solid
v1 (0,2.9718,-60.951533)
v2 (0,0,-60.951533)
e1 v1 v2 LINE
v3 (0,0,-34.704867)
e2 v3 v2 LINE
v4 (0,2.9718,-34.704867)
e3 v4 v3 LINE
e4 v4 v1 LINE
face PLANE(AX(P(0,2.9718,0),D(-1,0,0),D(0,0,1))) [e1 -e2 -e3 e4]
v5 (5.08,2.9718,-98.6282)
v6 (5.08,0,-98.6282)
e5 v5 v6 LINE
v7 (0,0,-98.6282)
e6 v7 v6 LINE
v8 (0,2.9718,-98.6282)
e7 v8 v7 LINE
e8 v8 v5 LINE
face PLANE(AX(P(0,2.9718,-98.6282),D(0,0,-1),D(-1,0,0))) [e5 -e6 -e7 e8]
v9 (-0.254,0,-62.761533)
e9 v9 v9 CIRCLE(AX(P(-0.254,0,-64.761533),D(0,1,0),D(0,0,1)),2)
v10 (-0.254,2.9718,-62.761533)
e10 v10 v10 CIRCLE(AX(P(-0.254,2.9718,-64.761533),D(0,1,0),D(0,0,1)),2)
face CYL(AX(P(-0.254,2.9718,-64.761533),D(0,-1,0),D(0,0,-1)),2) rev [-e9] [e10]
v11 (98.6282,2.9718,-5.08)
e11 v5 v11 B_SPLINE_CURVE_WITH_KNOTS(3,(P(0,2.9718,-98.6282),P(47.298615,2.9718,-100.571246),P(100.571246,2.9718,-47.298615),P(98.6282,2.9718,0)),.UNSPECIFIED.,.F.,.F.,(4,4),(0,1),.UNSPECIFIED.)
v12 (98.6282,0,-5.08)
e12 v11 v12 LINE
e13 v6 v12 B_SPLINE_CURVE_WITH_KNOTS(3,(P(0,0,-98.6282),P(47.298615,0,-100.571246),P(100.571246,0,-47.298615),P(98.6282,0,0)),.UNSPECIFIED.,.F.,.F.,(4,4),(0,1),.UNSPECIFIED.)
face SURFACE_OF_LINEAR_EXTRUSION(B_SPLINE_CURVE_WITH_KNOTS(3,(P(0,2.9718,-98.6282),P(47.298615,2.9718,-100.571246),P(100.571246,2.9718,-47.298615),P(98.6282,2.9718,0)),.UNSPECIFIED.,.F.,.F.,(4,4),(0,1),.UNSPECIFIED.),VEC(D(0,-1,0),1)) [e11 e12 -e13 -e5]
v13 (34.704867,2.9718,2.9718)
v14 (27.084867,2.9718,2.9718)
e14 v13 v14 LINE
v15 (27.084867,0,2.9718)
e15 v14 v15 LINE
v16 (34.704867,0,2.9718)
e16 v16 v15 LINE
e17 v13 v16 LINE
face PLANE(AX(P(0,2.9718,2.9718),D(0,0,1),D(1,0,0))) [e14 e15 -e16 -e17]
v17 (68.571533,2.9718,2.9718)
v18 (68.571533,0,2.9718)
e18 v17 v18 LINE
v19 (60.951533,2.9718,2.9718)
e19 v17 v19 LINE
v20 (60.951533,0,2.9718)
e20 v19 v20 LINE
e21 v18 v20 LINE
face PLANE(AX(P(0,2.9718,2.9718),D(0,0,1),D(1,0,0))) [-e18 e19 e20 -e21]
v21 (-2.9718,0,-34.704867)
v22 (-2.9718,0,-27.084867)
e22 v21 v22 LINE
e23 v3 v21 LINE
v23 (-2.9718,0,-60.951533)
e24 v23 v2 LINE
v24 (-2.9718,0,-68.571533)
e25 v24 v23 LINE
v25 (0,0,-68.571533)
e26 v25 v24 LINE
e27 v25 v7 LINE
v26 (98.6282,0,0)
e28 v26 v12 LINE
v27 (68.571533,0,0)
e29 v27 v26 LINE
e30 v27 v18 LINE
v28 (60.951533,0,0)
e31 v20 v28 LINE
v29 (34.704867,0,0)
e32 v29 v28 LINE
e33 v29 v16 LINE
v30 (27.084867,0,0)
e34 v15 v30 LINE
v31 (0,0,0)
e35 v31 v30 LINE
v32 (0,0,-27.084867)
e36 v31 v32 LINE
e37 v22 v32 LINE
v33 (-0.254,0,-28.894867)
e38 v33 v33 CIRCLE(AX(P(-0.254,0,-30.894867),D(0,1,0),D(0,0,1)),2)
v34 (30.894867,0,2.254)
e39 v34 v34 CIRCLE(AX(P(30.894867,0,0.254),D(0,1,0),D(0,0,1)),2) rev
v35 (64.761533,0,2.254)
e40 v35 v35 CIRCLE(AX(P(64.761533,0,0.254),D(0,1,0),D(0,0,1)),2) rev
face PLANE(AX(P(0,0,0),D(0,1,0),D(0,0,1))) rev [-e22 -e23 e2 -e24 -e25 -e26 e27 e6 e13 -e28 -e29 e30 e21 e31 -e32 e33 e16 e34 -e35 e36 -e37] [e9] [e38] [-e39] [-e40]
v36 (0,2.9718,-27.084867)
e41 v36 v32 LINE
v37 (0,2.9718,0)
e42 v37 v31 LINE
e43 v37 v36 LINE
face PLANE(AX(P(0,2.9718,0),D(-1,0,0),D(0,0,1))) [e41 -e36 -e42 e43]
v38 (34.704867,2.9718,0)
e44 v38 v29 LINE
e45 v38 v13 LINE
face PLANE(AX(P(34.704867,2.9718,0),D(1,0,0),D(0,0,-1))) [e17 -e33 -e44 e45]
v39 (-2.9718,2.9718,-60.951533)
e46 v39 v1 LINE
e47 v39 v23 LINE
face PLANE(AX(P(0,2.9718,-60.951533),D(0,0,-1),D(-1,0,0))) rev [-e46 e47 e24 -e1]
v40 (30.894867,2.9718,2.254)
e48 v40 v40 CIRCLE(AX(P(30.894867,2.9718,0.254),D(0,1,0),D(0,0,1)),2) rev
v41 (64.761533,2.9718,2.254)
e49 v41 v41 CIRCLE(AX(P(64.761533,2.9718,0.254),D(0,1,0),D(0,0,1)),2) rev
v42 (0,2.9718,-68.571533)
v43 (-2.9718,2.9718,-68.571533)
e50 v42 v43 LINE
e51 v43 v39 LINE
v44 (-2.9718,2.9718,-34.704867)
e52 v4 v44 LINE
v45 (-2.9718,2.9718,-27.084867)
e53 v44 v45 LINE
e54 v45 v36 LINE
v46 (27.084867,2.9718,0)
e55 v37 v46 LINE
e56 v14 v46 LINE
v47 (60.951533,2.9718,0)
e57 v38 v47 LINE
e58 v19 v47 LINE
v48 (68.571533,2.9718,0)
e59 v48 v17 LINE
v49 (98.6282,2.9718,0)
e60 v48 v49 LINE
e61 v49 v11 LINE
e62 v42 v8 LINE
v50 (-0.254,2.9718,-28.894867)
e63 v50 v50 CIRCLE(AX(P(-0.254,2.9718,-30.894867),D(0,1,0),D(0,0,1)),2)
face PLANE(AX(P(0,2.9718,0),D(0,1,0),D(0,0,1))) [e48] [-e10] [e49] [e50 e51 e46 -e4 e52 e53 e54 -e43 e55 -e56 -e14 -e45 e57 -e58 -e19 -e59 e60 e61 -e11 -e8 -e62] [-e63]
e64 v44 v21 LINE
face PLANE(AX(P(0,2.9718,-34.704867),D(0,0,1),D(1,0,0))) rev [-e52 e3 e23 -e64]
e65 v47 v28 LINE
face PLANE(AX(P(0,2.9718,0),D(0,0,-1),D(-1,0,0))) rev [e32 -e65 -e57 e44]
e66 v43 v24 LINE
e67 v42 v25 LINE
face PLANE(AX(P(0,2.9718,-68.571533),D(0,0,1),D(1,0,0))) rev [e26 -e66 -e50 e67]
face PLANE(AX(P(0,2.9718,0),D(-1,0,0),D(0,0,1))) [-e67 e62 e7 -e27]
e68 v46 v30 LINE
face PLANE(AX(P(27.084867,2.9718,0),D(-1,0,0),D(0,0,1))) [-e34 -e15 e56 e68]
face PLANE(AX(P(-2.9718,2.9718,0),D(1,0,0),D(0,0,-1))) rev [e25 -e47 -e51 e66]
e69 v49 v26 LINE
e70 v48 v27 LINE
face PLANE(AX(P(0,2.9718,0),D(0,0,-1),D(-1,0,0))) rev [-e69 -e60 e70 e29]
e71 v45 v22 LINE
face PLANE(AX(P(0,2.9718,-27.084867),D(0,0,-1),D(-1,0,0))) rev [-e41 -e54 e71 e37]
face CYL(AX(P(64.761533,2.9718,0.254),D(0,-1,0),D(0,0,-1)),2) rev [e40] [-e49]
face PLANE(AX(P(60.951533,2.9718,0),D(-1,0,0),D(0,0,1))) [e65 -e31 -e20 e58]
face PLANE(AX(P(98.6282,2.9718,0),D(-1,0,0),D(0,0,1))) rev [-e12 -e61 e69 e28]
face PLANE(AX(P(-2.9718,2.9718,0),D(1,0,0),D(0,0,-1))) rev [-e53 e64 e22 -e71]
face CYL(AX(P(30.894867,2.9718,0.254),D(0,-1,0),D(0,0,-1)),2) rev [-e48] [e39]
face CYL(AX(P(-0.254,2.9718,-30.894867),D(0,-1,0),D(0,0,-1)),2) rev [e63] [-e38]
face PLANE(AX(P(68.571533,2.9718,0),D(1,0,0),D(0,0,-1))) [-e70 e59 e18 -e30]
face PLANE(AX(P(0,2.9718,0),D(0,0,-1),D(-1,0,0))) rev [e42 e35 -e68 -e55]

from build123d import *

# Parameters (mm, degrees)
EXTRUDE_1_DEPTH = 2.9718


with BuildPart() as part:
    # 草图1 → 凸台-拉伸1 (new body)
    with BuildSketch(Plane(origin=(0, 0, 0), x_dir=(1, 0, 0), z_dir=(0, 1, 0))):
        with BuildLine():
            Line((0, 60.951533333), (0, 34.704866667))
            Line((0, 34.704866667), (0, 32.878672101))
            ThreePointArc((0, 32.878672101), (1.247332741, 32.216229599), (1.746, 30.894866667))
            ThreePointArc((1.746, 30.894866667), (1.247332741, 29.573503734), (0, 28.911061233))
            Line((0, 28.911061233), (0, 27.084866667))
            Line((0, 27.084866667), (0, 0))
            Line((0, 0), (27.084866667, 0))
            Line((27.084866667, 0), (28.911061233, 0))
            ThreePointArc((28.911061233, 0), (30.894866667, 1.746), (32.878672101, 0))
            Line((32.878672101, 0), (34.704866667, 0))
            Line((34.704866667, 0), (60.951533333, 0))
            Line((60.951533333, 0), (62.777727899, 0))
            ThreePointArc((62.777727899, 0), (64.761533333, 1.746), (66.745338767, 0))
            Line((66.745338767, 0), (68.571533333, 0))
            Line((68.571533333, 0), (98.6282, 0))
            Line((98.6282, 0), (98.6282, 5.08))
            add(Edge.make_bspline(
                [(5.08, 98.6282), (49.328709516, 96.847818465), (96.847818465, 49.328709516), (98.6282, 5.08)],
                knots=[0.03565985, 0.03565985, 0.03565985, 0.03565985, 0.96434015, 0.96434015, 0.96434015, 0.96434015], degree=3))
            Line((5.08, 98.6282), (0, 98.6282))
            Line((0, 98.6282), (0, 68.571533333))
            Line((0, 68.571533333), (0, 66.745338767))
            ThreePointArc((0, 66.745338767), (1.247332741, 66.082896266), (1.746, 64.761533333))
            ThreePointArc((1.746, 64.761533333), (1.247332741, 63.440170401), (0, 62.777727899))
            Line((0, 62.777727899), (0, 60.951533333))
        make_face()
        with BuildLine():
            Line((-2.9718, 60.951533333), (0, 60.951533333))
            Line((0, 60.951533333), (0, 62.777727899))
            ThreePointArc((0, 62.777727899), (-2.254, 64.761533333), (0, 66.745338767))
            Line((0, 66.745338767), (0, 68.571533333))
            Line((0, 68.571533333), (-2.9718, 68.571533333))
            Line((-2.9718, 68.571533333), (-2.9718, 60.951533333))
        make_face()
        with BuildLine():
            Line((0, 32.878672101), (0, 34.704866667))
            Line((0, 34.704866667), (-2.9718, 34.704866667))
            Line((-2.9718, 34.704866667), (-2.9718, 27.084866667))
            Line((-2.9718, 27.084866667), (0, 27.084866667))
            Line((0, 27.084866667), (0, 28.911061233))
            ThreePointArc((0, 28.911061233), (-2.254, 30.894866667), (0, 32.878672101))
        make_face()
        with BuildLine():
            Line((28.911061233, 0), (27.084866667, 0))
            Line((27.084866667, 0), (27.084866667, -2.9718))
            Line((27.084866667, -2.9718), (34.704866667, -2.9718))
            Line((34.704866667, -2.9718), (34.704866667, 0))
            Line((34.704866667, 0), (32.878672101, 0))
            ThreePointArc((32.878672101, 0), (32.890813919, -0.126742128), (32.894866667, -0.254))
            ThreePointArc((32.894866667, -0.254), (30.767608795, -2.249947252), (28.911061233, 0))
        make_face()
        with BuildLine():
            Line((62.777727899, 0), (60.951533333, 0))
            Line((60.951533333, 0), (60.951533333, -2.9718))
            Line((60.951533333, -2.9718), (68.571533333, -2.9718))
            Line((68.571533333, -2.9718), (68.571533333, 0))
            Line((68.571533333, 0), (66.745338767, 0))
            ThreePointArc((66.745338767, 0), (66.757480586, -0.126742128), (66.761533333, -0.254))
            ThreePointArc((66.761533333, -0.254), (64.634275461, -2.249947252), (62.777727899, 0))
        make_face()
    extrude(amount=EXTRUDE_1_DEPTH)


solid = part.part
